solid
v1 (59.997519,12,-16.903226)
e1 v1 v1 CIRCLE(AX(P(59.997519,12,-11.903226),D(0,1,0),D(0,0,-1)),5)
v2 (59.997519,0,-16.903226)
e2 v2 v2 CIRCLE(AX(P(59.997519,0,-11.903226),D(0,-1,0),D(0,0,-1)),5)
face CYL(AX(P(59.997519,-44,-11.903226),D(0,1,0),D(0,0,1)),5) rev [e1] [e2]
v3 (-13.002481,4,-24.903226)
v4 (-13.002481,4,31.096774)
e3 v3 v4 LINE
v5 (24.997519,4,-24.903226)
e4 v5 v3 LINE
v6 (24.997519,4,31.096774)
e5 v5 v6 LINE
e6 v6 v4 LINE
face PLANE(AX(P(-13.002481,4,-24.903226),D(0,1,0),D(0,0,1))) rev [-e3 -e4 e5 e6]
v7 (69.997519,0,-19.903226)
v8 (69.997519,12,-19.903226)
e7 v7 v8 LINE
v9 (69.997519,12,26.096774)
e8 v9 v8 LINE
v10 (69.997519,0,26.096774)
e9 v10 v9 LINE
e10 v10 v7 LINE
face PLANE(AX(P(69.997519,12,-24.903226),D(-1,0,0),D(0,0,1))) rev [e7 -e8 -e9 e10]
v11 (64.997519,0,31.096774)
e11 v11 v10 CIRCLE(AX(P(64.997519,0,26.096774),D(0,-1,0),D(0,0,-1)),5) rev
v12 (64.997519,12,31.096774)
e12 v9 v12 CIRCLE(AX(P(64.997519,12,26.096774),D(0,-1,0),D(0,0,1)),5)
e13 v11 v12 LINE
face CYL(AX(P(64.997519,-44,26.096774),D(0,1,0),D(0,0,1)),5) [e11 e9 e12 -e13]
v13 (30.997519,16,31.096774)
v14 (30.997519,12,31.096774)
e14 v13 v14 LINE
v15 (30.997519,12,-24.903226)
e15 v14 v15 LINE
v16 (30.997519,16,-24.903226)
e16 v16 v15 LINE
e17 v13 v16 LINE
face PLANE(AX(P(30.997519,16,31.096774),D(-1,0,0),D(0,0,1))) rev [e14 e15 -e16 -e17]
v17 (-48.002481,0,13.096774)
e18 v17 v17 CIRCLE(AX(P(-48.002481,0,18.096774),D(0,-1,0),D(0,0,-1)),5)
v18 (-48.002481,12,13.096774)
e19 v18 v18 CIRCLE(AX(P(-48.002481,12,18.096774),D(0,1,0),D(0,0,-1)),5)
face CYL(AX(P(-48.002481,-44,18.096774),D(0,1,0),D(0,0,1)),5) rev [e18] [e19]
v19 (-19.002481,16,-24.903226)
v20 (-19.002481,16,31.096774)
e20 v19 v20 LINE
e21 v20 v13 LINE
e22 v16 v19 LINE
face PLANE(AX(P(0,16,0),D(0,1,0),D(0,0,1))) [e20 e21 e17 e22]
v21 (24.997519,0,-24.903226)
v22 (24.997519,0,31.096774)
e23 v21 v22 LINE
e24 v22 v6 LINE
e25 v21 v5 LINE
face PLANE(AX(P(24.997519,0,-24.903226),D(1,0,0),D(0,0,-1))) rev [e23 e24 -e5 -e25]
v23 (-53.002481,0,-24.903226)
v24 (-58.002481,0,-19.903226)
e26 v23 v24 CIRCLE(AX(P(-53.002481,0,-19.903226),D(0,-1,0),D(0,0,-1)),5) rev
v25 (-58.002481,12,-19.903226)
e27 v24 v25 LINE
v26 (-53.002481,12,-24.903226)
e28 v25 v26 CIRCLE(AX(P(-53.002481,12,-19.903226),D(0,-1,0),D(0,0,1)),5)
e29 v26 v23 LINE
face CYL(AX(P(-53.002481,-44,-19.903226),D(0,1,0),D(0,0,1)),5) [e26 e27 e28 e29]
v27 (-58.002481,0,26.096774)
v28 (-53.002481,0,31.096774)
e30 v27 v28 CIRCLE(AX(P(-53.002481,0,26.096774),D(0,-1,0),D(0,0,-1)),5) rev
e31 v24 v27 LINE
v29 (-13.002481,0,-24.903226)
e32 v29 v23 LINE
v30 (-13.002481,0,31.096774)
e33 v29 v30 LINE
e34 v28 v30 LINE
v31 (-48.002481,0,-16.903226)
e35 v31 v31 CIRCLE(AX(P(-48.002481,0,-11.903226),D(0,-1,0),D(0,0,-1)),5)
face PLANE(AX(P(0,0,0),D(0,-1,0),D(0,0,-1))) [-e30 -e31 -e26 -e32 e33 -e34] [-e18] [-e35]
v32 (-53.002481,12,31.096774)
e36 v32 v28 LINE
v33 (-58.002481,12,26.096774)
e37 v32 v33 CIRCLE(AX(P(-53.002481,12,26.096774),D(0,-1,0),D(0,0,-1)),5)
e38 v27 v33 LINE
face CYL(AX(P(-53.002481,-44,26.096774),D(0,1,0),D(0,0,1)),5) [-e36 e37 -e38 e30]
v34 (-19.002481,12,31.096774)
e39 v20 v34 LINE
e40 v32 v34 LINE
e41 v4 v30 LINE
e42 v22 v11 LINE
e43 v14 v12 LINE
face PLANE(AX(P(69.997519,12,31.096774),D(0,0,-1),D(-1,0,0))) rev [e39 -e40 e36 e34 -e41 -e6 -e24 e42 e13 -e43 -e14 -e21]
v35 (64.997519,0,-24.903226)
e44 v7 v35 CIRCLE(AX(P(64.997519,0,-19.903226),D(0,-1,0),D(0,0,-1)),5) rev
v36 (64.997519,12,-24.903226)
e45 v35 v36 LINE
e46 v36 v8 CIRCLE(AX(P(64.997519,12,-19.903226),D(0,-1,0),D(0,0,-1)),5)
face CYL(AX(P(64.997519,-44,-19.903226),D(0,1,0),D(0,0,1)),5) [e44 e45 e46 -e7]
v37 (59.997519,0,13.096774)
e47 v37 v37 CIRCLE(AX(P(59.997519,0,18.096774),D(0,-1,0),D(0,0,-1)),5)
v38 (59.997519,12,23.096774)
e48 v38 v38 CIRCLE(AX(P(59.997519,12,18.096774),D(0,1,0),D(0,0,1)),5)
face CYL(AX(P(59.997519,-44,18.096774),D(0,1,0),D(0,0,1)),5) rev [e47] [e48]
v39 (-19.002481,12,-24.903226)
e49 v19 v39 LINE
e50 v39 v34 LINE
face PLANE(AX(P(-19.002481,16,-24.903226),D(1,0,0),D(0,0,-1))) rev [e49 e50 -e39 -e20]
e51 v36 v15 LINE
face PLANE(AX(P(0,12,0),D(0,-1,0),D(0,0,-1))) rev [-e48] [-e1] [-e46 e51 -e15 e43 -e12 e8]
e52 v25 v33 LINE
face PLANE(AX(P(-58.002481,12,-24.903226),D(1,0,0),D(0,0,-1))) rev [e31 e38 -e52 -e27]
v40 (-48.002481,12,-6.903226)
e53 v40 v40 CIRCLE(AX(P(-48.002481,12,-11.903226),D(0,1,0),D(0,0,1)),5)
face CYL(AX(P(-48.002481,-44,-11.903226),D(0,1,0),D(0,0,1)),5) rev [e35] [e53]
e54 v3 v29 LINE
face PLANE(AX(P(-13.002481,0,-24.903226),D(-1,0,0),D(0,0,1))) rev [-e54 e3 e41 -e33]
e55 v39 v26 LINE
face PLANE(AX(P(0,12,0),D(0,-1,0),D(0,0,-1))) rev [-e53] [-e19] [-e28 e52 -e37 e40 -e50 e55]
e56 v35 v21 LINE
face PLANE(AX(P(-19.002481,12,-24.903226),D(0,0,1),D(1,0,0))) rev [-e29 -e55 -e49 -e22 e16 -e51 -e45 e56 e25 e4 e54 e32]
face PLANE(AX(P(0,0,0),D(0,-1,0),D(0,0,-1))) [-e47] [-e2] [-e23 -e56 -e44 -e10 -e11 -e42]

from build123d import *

# Parameters (mm, degrees)
Y_KSEKLIK_EKSTR_ZYON1_DEPTH = 12
IZIM2_W                     = 50
IZIM2_H                     = 56
Y_KSEKLIK_EKSTR_ZYON2_DEPTH = 4
IZIM3_W                     = 38
IZIM3_H                     = 4
KES_EKSTR_ZYON1_DEPTH       = 56
IZIM4_R                     = 5
KES_EKSTR_ZYON2_DEPTH       = 56
KES_EKSTR_ZYON3_DEPTH       = 56


with BuildPart() as part:
    # Çizim1 → Yükseklik-Ekstrüzyon1 (new body)
    with BuildSketch(Plane(origin=(0, 0, 0), x_dir=(1, 0, 0), z_dir=(0, 1, 0))):
        Polygon((69.99751861, 24.903225806), (69.99751861, -31.096774194), (-58.00248139, -31.096774194), (-58.00248139, 24.903225806), (-19.00248139, 24.903225806), (30.99751861, 24.903225806), align=None)
    extrude(amount=Y_KSEKLIK_EKSTR_ZYON1_DEPTH)

    # Çizim2 → Yükseklik-Ekstrüzyon2 (add)
    with BuildSketch(Plane(origin=(0, 12, 0), x_dir=(1, 0, 0), z_dir=(0, 1, 0))):
        with Locations((5.99751861, -3.096774194)):
            Rectangle(IZIM2_W, IZIM2_H)
    extrude(amount=Y_KSEKLIK_EKSTR_ZYON2_DEPTH)

    # Çizim3 → Kes-Ekstrüzyon1 (cut)
    with BuildSketch(Plane.XY.offset(31.096774194)):
        with Locations((5.99751861, 2)):
            Rectangle(IZIM3_W, IZIM3_H)
    extrude(amount=-KES_EKSTR_ZYON1_DEPTH, mode=Mode.SUBTRACT)

    # Çizim4 → Kes-Ekstrüzyon2 (cut)
    with BuildSketch(Plane(origin=(0, 12, 0), x_dir=(1, 0, 0), z_dir=(0, 1, 0))):
        with Locations((-48.00248139, 11.903225806)):
            Circle(IZIM4_R)
        with Locations((-48.00248139, -18.096774194)):
            Circle(IZIM4_R)
        with Locations((59.99751861, -18.096774194)):
            Circle(IZIM4_R)
        with Locations((59.99751861, 11.903225806)):
            Circle(IZIM4_R)
    extrude(amount=-KES_EKSTR_ZYON2_DEPTH, mode=Mode.SUBTRACT)

    # Çizim5 → Kes-Ekstrüzyon3 (cut)
    with BuildSketch(Plane(origin=(0, 12, 0), x_dir=(1, 0, 0), z_dir=(0, 1, 0))):
        with BuildLine():
            Line((-58.00248139, 19.903225806), (-58.00248139, 24.903225806))
            Line((-58.00248139, 24.903225806), (-53.00248139, 24.903225806))
            ThreePointArc((-53.00248139, 24.903225806), (-56.538015296, 23.438759712), (-58.00248139, 19.903225806))
        make_face()
        with BuildLine():
            Line((69.99751861, -26.096774194), (69.99751861, -31.096774194))
            Line((69.99751861, -31.096774194), (64.99751861, -31.096774194))
            ThreePointArc((64.99751861, -31.096774194), (68.533052516, -29.632308099), (69.99751861, -26.096774194))
        make_face()
        with BuildLine():
            Line((-58.00248139, -31.096774194), (-53.00248139, -31.096774194))
            ThreePointArc((-53.00248139, -31.096774194), (-56.538015296, -29.632308099), (-58.00248139, -26.096774194))
            Line((-58.00248139, -26.096774194), (-58.00248139, -31.096774194))
        make_face()
        with BuildLine():
            Line((69.99751861, 24.903225806), (64.99751861, 24.903225806))
            ThreePointArc((64.99751861, 24.903225806), (68.533052516, 23.438759712), (69.99751861, 19.903225806))
            Line((69.99751861, 19.903225806), (69.99751861, 24.903225806))
        make_face()
    extrude(amount=-KES_EKSTR_ZYON3_DEPTH, mode=Mode.SUBTRACT)


solid = part.part
